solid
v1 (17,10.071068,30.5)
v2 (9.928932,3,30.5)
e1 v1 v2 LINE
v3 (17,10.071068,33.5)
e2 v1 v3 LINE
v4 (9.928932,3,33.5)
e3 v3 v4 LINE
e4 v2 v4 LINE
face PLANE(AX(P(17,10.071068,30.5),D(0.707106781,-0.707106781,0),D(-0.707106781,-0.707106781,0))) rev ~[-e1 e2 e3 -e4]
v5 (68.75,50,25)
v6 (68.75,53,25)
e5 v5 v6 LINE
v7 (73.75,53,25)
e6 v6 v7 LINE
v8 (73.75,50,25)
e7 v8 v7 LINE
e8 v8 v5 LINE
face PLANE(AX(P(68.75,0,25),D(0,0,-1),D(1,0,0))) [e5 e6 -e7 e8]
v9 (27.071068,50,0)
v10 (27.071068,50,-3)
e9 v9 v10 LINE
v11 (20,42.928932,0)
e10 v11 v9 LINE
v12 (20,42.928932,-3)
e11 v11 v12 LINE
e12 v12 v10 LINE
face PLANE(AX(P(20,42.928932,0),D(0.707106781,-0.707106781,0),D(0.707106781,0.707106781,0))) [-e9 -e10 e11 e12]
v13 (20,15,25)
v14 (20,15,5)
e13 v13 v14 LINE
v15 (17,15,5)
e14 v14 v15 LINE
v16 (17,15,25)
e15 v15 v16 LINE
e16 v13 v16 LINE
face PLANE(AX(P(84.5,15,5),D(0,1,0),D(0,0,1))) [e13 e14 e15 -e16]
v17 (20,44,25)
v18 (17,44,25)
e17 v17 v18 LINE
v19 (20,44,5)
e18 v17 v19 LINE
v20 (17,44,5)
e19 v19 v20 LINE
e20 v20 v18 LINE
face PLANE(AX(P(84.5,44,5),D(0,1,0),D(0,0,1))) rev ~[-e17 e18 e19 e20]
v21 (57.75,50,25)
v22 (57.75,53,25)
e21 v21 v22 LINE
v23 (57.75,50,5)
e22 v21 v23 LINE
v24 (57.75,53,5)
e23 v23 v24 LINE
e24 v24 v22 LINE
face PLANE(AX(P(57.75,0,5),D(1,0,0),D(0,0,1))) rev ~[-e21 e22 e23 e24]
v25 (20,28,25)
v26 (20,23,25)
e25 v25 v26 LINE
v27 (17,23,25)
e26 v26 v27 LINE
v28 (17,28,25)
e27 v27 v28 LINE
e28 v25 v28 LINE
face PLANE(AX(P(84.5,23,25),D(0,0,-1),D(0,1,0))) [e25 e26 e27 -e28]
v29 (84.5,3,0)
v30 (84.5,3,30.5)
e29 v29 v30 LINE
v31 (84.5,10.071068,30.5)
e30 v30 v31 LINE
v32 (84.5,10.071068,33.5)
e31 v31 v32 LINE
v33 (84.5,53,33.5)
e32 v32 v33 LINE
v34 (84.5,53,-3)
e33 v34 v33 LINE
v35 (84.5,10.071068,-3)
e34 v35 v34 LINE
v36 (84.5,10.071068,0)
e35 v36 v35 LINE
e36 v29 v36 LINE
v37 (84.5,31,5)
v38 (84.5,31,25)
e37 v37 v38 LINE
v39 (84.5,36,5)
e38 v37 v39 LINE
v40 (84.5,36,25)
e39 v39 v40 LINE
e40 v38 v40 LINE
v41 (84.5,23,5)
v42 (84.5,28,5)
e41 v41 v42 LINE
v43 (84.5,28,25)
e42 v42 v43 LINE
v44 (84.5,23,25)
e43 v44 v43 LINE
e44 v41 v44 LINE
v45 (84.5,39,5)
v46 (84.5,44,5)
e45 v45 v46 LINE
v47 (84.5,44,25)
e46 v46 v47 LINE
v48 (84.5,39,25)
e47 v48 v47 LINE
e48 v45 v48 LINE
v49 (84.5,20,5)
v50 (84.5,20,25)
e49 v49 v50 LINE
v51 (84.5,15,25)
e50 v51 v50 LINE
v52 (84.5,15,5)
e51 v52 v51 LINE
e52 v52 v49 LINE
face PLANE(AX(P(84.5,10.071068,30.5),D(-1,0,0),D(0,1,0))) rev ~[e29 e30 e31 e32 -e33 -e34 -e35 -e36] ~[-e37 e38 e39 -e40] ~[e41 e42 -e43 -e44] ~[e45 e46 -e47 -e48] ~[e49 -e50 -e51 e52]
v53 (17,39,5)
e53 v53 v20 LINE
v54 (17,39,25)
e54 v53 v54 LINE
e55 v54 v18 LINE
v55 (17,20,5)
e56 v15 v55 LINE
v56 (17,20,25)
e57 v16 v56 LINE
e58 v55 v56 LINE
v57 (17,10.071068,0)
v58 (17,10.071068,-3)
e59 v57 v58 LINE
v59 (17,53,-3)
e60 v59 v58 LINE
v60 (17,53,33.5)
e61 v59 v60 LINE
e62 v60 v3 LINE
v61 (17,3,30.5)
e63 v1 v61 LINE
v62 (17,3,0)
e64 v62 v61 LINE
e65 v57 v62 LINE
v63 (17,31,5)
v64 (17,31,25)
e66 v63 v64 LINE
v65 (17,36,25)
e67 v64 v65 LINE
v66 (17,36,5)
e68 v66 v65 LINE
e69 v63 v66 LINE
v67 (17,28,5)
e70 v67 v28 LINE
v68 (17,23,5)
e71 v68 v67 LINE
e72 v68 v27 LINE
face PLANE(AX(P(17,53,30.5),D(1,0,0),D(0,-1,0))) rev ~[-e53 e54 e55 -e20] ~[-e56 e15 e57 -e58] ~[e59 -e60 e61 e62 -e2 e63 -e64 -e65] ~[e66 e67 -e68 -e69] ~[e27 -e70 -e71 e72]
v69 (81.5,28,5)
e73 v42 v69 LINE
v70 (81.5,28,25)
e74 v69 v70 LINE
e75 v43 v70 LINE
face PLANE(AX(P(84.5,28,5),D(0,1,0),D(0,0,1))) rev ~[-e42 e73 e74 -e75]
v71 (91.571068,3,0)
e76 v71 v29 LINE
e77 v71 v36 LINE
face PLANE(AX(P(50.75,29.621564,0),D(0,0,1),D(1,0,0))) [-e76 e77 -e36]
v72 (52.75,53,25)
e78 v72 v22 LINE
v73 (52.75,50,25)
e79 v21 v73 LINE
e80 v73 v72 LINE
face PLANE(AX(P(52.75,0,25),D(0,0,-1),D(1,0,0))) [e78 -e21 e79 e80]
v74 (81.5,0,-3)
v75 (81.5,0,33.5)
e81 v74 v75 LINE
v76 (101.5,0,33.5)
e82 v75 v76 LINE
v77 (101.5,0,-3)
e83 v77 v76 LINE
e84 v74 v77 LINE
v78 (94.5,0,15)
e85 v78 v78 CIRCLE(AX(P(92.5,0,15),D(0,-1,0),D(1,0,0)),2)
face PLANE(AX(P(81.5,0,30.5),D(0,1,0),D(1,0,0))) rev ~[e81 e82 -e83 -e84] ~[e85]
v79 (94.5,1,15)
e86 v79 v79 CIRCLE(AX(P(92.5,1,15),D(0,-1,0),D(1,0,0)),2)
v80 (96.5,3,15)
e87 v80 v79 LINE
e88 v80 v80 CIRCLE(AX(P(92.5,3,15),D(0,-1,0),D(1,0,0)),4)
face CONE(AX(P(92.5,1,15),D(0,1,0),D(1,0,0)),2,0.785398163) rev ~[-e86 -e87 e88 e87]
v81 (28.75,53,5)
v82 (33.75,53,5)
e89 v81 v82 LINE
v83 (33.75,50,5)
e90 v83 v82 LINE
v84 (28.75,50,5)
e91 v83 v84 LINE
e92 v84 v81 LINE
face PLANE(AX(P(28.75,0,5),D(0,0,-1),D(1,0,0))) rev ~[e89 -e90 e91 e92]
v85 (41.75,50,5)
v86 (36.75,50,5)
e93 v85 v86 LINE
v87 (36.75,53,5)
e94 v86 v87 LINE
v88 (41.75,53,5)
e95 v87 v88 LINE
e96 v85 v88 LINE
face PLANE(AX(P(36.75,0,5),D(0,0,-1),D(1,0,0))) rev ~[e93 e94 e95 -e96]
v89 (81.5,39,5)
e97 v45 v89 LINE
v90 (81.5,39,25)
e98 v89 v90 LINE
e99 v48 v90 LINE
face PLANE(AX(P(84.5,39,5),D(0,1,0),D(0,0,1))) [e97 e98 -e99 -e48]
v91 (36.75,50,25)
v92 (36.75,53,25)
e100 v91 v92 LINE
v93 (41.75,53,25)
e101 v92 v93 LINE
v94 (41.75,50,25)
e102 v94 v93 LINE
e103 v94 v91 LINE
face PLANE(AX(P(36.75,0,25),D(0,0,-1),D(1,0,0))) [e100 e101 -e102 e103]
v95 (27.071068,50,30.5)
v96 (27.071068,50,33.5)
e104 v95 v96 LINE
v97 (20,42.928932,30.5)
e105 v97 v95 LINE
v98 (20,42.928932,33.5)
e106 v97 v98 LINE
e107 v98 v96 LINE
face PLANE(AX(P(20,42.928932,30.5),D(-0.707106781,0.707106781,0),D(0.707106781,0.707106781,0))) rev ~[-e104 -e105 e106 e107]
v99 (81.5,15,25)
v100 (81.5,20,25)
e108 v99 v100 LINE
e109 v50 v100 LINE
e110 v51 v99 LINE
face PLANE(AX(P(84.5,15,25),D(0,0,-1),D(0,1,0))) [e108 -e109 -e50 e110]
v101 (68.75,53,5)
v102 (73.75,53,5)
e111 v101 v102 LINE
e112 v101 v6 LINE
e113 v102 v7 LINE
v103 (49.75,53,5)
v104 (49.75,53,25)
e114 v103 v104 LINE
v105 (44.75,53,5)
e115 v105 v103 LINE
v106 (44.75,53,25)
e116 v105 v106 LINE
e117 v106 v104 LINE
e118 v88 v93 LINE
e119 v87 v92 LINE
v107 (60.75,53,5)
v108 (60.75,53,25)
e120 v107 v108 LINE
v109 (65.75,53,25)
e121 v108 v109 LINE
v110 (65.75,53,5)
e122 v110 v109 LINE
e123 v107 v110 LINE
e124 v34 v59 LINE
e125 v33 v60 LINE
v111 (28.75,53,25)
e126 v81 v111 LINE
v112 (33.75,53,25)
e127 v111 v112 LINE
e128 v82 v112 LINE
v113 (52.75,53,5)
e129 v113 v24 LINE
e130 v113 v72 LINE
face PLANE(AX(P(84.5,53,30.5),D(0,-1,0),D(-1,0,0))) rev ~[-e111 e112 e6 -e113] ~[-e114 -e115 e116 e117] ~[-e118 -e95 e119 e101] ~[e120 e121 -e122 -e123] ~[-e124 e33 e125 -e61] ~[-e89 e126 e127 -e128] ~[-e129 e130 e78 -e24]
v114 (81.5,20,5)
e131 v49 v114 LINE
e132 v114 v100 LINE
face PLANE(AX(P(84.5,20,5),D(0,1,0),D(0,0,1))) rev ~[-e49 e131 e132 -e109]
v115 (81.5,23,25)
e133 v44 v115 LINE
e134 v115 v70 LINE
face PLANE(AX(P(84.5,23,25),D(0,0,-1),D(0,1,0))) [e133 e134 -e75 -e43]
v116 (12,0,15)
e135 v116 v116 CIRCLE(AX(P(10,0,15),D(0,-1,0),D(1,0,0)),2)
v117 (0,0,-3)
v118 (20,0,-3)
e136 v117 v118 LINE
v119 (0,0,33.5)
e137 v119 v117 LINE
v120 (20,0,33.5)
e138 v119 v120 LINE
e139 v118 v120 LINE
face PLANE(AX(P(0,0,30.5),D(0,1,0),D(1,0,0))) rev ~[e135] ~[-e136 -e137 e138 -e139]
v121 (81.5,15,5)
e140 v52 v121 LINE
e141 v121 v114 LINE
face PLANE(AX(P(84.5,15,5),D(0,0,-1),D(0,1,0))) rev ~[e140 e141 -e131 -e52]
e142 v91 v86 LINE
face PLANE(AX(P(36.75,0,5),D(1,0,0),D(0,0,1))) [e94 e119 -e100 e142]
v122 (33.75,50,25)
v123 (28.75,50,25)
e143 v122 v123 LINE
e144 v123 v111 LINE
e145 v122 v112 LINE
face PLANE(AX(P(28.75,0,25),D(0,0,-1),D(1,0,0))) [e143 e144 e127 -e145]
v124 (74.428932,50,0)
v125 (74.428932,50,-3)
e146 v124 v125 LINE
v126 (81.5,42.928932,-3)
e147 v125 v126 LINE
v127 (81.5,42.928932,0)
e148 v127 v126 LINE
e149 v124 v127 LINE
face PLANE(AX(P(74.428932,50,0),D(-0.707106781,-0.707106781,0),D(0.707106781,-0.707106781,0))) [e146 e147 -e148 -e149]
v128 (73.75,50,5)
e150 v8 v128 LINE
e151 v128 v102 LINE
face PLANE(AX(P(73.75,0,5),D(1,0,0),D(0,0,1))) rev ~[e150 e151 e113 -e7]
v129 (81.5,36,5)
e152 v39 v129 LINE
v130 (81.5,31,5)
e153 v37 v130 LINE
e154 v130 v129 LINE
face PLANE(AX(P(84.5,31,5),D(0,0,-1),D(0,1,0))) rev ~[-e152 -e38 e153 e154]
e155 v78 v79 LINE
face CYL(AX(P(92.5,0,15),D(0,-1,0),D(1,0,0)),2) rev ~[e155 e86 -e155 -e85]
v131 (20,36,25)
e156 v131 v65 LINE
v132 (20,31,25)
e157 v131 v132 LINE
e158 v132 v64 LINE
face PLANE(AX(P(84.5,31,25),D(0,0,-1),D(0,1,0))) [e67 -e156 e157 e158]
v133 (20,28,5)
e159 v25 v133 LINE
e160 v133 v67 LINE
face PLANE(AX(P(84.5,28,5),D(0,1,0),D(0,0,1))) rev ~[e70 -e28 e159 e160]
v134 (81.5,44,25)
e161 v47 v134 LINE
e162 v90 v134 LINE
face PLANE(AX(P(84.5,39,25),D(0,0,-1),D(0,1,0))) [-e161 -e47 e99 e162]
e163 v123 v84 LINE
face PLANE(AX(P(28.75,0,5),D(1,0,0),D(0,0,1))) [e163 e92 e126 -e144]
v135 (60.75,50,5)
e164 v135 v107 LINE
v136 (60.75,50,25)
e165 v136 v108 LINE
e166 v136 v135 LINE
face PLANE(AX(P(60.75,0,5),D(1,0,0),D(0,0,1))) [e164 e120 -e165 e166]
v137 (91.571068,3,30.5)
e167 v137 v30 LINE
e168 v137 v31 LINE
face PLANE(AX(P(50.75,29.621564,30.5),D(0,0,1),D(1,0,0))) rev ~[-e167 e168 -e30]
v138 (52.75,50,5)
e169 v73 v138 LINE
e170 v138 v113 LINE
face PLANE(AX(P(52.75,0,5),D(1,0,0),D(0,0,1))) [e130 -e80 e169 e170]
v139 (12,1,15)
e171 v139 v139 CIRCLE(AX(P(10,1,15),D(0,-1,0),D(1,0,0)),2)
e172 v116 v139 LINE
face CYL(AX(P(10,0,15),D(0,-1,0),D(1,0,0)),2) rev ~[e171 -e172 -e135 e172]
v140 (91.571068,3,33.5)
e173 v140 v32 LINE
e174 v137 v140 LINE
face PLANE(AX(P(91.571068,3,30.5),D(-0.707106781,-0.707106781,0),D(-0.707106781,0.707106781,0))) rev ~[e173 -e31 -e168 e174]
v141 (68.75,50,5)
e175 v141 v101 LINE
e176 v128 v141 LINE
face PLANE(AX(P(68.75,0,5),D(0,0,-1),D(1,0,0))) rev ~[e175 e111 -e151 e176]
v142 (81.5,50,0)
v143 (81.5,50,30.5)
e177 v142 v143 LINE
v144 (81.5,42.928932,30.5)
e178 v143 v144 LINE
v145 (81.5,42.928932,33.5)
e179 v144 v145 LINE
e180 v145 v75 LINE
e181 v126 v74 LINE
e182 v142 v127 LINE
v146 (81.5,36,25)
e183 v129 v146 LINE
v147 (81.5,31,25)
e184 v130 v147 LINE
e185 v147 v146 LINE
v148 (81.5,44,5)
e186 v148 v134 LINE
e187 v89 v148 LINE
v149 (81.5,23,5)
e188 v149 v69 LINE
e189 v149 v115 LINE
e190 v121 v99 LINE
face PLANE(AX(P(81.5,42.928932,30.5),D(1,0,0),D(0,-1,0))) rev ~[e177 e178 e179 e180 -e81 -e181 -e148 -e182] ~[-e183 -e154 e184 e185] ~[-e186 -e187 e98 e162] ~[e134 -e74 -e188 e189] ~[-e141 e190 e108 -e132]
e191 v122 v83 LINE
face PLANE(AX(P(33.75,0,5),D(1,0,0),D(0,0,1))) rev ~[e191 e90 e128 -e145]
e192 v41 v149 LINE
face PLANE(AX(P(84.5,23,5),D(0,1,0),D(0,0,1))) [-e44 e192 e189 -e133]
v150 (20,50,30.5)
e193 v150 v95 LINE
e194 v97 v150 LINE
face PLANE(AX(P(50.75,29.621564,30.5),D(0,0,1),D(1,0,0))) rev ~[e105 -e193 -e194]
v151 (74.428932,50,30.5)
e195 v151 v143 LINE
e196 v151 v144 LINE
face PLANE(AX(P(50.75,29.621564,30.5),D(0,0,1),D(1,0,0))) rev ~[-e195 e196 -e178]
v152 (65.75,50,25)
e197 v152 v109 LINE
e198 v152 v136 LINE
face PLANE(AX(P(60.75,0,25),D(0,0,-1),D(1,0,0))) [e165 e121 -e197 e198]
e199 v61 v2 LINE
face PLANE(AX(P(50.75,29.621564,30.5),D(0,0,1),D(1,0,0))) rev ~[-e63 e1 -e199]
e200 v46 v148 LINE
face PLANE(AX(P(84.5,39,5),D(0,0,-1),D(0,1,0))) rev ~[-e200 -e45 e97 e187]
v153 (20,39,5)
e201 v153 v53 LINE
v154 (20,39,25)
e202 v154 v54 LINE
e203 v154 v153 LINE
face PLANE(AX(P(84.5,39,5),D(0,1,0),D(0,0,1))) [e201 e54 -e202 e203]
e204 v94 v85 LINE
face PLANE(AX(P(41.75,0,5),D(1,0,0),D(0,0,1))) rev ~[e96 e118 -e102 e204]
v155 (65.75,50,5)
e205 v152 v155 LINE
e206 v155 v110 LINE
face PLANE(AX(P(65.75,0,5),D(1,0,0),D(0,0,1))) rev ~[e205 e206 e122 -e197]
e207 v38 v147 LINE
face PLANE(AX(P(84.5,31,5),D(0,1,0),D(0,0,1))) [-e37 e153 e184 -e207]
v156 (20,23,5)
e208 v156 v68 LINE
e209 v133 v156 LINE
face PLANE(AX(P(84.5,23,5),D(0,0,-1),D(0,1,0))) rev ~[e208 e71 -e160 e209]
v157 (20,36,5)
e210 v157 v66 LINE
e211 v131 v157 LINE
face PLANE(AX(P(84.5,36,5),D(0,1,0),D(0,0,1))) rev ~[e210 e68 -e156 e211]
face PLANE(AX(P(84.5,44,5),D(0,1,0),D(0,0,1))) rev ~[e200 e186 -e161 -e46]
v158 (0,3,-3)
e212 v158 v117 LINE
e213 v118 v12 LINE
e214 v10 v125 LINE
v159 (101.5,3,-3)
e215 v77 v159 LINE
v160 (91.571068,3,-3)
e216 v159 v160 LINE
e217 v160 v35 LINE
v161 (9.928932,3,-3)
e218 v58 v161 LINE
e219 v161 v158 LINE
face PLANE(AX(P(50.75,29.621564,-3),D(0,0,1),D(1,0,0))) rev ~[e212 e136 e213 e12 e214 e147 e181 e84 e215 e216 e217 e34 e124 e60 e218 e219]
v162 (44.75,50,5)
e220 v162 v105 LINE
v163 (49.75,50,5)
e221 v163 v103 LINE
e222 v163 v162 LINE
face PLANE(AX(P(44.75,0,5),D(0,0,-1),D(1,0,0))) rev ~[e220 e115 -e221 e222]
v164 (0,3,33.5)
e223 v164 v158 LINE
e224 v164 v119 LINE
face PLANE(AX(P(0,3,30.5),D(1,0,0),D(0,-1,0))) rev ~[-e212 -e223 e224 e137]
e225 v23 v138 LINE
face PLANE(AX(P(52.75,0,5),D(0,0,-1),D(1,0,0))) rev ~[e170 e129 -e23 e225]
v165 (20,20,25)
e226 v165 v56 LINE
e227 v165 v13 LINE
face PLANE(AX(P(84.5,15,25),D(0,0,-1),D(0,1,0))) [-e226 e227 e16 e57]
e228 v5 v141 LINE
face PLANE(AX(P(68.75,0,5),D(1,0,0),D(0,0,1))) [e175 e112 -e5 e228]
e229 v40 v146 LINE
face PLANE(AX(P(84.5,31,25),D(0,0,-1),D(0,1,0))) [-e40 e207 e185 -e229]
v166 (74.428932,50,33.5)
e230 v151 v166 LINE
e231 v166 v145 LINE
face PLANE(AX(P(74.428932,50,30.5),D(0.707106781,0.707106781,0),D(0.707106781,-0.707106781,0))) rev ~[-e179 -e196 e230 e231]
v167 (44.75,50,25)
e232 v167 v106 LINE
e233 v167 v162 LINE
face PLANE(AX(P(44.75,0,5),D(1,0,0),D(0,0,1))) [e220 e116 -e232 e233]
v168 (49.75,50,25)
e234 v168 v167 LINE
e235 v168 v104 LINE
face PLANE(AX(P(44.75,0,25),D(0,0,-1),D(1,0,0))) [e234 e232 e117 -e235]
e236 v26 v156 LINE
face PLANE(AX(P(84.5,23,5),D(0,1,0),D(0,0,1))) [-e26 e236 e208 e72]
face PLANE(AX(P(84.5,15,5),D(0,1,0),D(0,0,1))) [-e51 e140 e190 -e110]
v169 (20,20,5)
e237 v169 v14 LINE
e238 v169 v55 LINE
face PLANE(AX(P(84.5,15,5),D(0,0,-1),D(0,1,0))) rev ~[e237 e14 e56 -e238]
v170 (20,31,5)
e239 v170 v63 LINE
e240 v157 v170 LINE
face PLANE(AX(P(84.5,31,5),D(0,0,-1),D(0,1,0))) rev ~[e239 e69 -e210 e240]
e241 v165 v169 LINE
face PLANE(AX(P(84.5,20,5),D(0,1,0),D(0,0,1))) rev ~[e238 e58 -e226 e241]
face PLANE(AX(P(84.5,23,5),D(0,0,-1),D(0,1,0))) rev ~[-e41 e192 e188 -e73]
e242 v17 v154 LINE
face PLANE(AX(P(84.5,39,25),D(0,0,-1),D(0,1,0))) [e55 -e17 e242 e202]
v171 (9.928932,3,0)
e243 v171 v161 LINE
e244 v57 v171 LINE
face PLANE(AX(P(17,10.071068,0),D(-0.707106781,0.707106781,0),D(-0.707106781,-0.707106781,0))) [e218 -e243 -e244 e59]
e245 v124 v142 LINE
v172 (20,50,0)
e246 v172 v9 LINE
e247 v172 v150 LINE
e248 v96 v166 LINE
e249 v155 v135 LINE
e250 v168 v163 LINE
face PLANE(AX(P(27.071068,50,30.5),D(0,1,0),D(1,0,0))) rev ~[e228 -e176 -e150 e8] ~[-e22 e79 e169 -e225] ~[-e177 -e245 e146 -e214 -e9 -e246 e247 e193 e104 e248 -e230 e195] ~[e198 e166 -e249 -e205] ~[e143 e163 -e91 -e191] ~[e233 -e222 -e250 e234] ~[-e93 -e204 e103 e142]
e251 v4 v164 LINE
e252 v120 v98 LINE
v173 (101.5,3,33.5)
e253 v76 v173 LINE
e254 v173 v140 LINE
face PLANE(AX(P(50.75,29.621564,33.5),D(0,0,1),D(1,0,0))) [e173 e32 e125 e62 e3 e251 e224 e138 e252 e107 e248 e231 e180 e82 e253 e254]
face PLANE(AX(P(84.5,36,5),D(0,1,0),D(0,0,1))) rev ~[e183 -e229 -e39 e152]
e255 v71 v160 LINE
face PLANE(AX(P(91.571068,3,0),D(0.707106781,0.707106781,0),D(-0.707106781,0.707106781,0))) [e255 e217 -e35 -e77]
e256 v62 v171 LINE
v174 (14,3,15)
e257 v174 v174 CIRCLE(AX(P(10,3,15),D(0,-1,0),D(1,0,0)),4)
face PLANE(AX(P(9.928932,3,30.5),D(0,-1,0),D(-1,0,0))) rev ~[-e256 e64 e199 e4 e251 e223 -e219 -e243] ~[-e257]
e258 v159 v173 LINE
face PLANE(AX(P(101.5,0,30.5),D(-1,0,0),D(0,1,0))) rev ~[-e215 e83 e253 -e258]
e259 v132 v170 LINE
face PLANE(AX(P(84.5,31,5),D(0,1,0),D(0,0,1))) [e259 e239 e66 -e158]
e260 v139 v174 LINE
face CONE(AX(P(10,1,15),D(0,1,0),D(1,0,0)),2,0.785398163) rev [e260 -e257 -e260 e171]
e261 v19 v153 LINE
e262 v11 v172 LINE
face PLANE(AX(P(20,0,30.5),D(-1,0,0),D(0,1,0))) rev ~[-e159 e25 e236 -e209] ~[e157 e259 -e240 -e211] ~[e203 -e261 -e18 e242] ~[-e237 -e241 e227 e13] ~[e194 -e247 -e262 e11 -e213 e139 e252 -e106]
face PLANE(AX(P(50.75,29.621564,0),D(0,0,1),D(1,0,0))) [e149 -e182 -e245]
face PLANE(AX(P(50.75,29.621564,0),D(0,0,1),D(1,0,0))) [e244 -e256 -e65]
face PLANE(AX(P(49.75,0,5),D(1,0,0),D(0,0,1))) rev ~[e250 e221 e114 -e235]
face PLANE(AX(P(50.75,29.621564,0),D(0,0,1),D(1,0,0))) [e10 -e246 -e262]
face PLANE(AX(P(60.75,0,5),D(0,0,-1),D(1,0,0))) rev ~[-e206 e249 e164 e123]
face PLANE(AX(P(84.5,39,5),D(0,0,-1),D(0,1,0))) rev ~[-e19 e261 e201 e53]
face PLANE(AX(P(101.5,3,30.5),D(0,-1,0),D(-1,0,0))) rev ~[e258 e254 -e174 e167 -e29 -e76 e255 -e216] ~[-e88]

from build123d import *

# Parameters (mm, degrees)
PAD_DEPTH       = 30.5
SKETCH001_R     = 2
SKETCH001_W     = 5
SKETCH001_H     = 20
POCKET_DEPTH    = 53.001
CHAMFER_SIZE    = 2
PAD001_DEPTH    = 3
PAD002_DEPTH    = 3
SKETCH004_W     = 5
SKETCH004_H     = 20
POCKET001_DEPTH = 84.501


with BuildPart() as part:
    # Sketch → Pad (new body)
    with BuildSketch(Plane.XY):
        Polygon((0, 0), (20, 0), (20, 50), (81.5, 50), (81.5, 0), (101.5, 0), (101.5, 3), (84.5, 3), (84.5, 53), (17, 53), (17, 3), (0, 3), align=None)
    extrude(amount=PAD_DEPTH)

    # Sketch001 (on Face1 of Pad) → Pocket (cut, through all)
    with BuildSketch(Plane.XZ):
        with Locations((10, 15)):
            Circle(SKETCH001_R)
        with Locations((92.5, 15)):
            Circle(SKETCH001_R)
        with Locations((31.25, 15)):
            Rectangle(SKETCH001_W, SKETCH001_H)
        with Locations((71.25, 15)):
            Rectangle(SKETCH001_W, SKETCH001_H)
        with Locations((63.25, 15)):
            Rectangle(SKETCH001_W, SKETCH001_H)
        with Locations((39.25, 15)):
            Rectangle(SKETCH001_W, SKETCH001_H)
        with Locations((47.25, 15)):
            Rectangle(SKETCH001_W, SKETCH001_H)
        with Locations((55.25, 15)):
            Rectangle(SKETCH001_W, SKETCH001_H)
    extrude(amount=-POCKET_DEPTH, mode=Mode.SUBTRACT)

    # Chamfer
    chamfer_edges = [part.edges().sort_by_distance(p)[0] for p in [
        (90.5, 3, 15),
        (8, 3, 15),
    ]]
    chamfer(chamfer_edges, length=CHAMFER_SIZE)

    # Sketch003 (on Face6 of Chamfer) → Pad001 (join)
    with BuildSketch(Plane.XY):
        Polygon((0, 0), (20, 0), (20, 42.928932), (27.071068, 50), (74.428932, 50), (81.5, 42.928932), (81.5, 0), (101.5, 0), (101.5, 3), (91.571068, 3), (84.5, 10.071068), (84.5, 53), (17, 53), (17, 10.071068), (9.928932, 3), (0, 3), align=None)
    extrude(amount=-PAD001_DEPTH)

    # Sketch002 (on Face7 of Pad001) → Pad002 (join)
    with BuildSketch(Plane.XY.offset(30.5)):
        Polygon((0, 0), (20, 0), (20, 42.928932), (27.071068, 50), (74.428932, 50), (81.5, 42.928932), (81.5, 0), (101.5, 0), (101.5, 3), (91.571068, 3), (84.5, 10.071068), (84.5, 53), (17, 53), (17, 10.071068), (9.928932, 3), (0, 3), align=None)
    extrude(amount=PAD002_DEPTH)

    # Sketch004 (on Face75 of Pad002) → Pocket001 (cut, through all)
    with BuildSketch(Plane.YZ.offset(84.5)):
        with Locations((17.5, 15)):
            Rectangle(SKETCH004_W, SKETCH004_H)
        with Locations((25.5, 15)):
            Rectangle(SKETCH004_W, SKETCH004_H)
        with Locations((33.5, 15)):
            Rectangle(SKETCH004_W, SKETCH004_H)
        with Locations((41.5, 15)):
            Rectangle(SKETCH004_W, SKETCH004_H)
    extrude(amount=-POCKET001_DEPTH, mode=Mode.SUBTRACT)


solid = part.part
